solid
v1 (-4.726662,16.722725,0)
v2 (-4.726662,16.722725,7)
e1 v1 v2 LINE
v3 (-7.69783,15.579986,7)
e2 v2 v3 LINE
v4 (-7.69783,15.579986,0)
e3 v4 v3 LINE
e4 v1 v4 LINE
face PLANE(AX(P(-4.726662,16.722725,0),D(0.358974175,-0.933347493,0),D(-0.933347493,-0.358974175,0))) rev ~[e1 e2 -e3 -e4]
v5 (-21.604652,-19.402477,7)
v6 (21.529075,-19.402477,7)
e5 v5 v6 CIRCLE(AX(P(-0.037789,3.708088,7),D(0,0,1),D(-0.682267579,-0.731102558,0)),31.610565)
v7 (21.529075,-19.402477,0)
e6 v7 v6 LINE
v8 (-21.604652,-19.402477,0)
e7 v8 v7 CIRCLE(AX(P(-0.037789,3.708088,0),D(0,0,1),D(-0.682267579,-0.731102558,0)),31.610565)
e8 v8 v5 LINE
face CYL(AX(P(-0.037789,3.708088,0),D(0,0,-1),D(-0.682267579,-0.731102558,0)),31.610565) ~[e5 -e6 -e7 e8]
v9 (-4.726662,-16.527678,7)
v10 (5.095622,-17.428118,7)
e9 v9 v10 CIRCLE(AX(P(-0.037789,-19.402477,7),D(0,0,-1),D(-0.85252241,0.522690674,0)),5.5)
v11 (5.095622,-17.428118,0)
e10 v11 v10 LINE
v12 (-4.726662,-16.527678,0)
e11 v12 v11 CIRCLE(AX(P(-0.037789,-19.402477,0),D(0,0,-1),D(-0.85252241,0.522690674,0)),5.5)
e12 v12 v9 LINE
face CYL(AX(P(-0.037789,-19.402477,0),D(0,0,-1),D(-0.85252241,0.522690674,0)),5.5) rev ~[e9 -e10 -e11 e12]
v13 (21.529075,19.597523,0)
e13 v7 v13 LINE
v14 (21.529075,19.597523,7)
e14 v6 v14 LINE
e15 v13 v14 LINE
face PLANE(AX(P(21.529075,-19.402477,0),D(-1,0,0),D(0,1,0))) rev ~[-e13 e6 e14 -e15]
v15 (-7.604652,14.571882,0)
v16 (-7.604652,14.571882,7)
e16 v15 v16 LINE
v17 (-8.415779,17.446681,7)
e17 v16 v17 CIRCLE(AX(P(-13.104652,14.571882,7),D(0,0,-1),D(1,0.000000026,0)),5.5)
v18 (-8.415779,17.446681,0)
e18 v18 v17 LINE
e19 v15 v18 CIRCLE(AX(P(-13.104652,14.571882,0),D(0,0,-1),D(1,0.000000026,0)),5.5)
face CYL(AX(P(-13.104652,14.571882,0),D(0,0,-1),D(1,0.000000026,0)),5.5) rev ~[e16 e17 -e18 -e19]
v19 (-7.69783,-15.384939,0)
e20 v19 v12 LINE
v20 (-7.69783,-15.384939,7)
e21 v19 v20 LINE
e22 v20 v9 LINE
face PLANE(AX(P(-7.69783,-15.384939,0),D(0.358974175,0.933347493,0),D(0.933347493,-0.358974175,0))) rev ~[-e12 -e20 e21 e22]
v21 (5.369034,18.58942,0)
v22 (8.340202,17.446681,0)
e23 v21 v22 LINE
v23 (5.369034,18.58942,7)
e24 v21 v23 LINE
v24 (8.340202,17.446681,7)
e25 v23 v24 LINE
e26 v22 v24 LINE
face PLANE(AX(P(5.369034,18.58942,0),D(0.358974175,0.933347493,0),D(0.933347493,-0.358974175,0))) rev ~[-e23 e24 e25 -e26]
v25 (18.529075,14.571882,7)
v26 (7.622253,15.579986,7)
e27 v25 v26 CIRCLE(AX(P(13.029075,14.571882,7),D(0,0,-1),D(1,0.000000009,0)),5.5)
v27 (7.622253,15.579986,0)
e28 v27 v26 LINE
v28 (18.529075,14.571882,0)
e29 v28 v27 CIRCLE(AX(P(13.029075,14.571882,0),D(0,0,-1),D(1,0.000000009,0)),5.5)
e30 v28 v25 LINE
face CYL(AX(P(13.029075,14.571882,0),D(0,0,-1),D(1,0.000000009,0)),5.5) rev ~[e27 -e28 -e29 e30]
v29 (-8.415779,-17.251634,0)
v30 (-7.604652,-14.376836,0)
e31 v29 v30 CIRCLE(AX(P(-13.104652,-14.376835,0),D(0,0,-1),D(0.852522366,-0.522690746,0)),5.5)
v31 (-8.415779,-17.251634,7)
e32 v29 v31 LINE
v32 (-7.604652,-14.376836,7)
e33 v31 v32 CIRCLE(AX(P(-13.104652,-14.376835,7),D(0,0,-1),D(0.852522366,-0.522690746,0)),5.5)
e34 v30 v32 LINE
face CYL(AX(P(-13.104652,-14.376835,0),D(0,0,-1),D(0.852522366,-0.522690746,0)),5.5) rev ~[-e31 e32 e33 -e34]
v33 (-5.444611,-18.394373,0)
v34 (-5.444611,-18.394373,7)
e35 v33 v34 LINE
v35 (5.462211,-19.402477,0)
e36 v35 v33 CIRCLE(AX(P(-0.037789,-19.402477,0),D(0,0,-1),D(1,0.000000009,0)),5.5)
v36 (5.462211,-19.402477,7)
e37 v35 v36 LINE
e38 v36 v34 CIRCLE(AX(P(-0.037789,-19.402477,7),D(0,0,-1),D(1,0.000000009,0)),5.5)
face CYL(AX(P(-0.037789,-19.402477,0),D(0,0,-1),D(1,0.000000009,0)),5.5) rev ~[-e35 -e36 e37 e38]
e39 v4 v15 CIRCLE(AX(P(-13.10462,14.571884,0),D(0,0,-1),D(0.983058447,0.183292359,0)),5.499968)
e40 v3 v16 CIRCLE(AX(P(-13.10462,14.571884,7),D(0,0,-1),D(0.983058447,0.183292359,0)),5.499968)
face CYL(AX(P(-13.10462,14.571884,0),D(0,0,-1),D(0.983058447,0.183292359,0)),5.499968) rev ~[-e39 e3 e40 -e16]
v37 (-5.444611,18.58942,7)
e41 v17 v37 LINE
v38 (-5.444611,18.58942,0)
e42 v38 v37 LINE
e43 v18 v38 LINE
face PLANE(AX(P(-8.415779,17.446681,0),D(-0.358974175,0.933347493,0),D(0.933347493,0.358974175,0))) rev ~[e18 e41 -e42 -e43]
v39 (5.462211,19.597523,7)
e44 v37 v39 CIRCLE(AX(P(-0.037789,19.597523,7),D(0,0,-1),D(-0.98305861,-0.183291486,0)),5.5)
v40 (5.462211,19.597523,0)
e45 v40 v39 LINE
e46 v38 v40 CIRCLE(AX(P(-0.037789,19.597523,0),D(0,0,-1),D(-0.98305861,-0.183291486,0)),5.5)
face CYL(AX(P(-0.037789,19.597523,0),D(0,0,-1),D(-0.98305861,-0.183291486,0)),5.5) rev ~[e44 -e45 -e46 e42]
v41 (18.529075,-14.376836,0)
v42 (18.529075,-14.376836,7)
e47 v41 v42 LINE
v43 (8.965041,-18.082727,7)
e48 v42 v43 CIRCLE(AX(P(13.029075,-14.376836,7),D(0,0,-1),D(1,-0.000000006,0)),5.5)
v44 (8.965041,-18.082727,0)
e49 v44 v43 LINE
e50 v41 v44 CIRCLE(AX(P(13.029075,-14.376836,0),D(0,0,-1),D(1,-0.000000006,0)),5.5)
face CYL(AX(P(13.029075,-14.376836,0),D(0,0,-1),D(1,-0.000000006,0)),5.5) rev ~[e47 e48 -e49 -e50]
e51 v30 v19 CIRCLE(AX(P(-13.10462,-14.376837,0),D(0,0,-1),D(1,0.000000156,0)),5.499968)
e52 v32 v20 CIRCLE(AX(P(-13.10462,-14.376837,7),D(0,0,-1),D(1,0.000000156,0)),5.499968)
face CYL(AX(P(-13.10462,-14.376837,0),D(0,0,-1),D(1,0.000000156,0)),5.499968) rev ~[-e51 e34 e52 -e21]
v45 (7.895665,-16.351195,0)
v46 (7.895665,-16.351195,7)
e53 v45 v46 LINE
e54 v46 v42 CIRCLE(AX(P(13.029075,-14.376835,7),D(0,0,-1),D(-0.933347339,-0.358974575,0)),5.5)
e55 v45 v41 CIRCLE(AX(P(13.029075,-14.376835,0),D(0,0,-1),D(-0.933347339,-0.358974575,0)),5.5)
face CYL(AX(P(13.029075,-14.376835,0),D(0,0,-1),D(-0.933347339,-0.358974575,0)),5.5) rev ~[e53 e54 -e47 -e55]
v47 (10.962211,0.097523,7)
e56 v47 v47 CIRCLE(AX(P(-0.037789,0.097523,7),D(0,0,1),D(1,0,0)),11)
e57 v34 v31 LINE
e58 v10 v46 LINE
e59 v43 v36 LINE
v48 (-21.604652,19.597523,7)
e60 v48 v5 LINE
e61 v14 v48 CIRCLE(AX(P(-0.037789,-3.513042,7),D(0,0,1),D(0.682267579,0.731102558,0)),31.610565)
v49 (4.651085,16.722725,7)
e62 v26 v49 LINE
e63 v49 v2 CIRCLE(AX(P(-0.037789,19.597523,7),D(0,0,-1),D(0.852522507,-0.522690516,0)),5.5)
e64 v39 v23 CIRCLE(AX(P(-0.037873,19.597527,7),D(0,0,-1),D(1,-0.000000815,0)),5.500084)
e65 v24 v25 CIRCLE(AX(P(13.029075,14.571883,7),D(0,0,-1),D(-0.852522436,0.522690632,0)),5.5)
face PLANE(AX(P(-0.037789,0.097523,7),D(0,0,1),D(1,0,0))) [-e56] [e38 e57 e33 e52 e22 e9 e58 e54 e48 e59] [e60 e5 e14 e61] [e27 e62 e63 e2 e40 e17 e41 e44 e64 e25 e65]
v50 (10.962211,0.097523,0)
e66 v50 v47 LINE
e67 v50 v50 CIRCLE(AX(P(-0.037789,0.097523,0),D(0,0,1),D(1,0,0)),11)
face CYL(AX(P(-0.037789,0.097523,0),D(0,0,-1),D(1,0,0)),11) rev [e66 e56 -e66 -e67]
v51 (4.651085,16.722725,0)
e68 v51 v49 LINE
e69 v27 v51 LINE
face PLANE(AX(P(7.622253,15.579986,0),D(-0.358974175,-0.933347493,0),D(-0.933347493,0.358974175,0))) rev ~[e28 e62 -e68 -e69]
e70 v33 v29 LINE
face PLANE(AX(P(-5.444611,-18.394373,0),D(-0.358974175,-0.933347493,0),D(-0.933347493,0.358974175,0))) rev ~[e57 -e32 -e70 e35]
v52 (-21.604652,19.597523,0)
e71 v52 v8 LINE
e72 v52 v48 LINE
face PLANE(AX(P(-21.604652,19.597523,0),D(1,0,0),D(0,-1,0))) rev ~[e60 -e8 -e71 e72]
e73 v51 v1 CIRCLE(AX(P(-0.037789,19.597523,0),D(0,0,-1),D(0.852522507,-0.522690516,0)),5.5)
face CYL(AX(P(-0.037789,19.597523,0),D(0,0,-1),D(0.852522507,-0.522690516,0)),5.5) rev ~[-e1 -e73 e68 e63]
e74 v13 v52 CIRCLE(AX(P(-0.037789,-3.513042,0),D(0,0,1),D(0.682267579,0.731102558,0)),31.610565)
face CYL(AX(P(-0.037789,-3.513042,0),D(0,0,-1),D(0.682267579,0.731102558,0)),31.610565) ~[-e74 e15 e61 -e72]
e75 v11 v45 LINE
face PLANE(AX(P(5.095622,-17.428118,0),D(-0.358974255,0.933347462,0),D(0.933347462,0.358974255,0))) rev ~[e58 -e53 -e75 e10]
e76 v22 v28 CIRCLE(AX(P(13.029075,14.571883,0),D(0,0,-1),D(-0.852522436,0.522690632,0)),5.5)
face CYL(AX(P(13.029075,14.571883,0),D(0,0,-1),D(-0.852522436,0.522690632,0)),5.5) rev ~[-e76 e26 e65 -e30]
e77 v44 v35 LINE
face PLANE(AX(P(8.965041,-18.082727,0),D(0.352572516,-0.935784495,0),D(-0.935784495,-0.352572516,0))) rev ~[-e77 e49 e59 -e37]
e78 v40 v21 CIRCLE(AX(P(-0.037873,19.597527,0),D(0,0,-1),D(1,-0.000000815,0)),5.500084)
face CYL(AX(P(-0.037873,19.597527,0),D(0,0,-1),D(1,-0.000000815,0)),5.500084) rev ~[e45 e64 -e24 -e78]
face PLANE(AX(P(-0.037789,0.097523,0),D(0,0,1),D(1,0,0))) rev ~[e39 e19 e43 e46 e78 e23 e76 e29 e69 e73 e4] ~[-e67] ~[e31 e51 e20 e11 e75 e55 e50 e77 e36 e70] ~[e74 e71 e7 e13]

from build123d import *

# Parameters (mm, degrees)
F0_R     = 11
F1_DEPTH = 7


with BuildPart() as f1:
    # F0 (on Top) → F1 (new body)
    with BuildSketch(Plane.XY):
        with BuildLine():
            ThreePointArc((21.529075, 19.597523), (-0.037789, 28.097523), (-21.604652, 19.597523))
            Line((-21.604652, 19.597523), (-21.604652, -19.402477))
            ThreePointArc((-21.604652, -19.402477), (-0.037789, -27.902477), (21.529075, -19.402477))
            Line((21.529075, -19.402477), (21.529075, 19.597523))
        make_face()
        with BuildLine():
            ThreePointArc((-8.415779, -17.251634), (-18.397988, -12.883317), (-7.604652, -14.376836))
            ThreePointArc((-7.604652, -14.376836), (-7.627996, -14.883036), (-7.69783, -15.384939))
            Line((-7.69783, -15.384939), (-4.726662, -16.527678))
            ThreePointArc((-4.726662, -16.527678), (0.464308, -13.925443), (5.095622, -17.428118))
            Line((5.095622, -17.428118), (7.895665, -16.351195))
            ThreePointArc((7.895665, -16.351195), (12.025023, -8.969259), (18.529075, -14.376836))
            ThreePointArc((18.529075, -14.376836), (15.016261, -19.505295), (8.965041, -18.082727))
            Line((8.965041, -18.082727), (5.462211, -19.402477))
            ThreePointArc((5.462211, -19.402477), (-0.543989, -24.879133), (-5.444611, -18.394373))
            Line((-5.444611, -18.394373), (-8.415779, -17.251634))
        make_face(mode=Mode.SUBTRACT)
        with Locations((-0.037789, 0.097523)):
            Circle(F0_R, mode=Mode.SUBTRACT)
        with BuildLine():
            ThreePointArc((8.340202, 17.446681), (14.522594, 19.865218), (18.529075, 14.571882))
            ThreePointArc((18.529075, 14.571882), (12.522875, 9.095226), (7.622253, 15.579986))
            Line((7.622253, 15.579986), (4.651085, 16.722725))
            ThreePointArc((4.651085, 16.722725), (-0.037789, 14.097523), (-4.726662, 16.722725))
            Line((-4.726662, 16.722725), (-7.69783, 15.579986))
            ThreePointArc((-7.69783, 15.579986), (-7.627996, 15.078083), (-7.604652, 14.571882))
            ThreePointArc((-7.604652, 14.571882), (-18.397988, 13.078364), (-8.415779, 17.446681))
            Line((-8.415779, 17.446681), (-5.444611, 18.58942))
            ThreePointArc((-5.444611, 18.58942), (-0.543989, 25.074179), (5.462211, 19.597523))
            ThreePointArc((5.462211, 19.597523), (5.438867, 19.091323), (5.369034, 18.58942))
            Line((5.369034, 18.58942), (8.340202, 17.446681))
        make_face(mode=Mode.SUBTRACT)
    extrude(amount=F1_DEPTH)


solid = f1.part
